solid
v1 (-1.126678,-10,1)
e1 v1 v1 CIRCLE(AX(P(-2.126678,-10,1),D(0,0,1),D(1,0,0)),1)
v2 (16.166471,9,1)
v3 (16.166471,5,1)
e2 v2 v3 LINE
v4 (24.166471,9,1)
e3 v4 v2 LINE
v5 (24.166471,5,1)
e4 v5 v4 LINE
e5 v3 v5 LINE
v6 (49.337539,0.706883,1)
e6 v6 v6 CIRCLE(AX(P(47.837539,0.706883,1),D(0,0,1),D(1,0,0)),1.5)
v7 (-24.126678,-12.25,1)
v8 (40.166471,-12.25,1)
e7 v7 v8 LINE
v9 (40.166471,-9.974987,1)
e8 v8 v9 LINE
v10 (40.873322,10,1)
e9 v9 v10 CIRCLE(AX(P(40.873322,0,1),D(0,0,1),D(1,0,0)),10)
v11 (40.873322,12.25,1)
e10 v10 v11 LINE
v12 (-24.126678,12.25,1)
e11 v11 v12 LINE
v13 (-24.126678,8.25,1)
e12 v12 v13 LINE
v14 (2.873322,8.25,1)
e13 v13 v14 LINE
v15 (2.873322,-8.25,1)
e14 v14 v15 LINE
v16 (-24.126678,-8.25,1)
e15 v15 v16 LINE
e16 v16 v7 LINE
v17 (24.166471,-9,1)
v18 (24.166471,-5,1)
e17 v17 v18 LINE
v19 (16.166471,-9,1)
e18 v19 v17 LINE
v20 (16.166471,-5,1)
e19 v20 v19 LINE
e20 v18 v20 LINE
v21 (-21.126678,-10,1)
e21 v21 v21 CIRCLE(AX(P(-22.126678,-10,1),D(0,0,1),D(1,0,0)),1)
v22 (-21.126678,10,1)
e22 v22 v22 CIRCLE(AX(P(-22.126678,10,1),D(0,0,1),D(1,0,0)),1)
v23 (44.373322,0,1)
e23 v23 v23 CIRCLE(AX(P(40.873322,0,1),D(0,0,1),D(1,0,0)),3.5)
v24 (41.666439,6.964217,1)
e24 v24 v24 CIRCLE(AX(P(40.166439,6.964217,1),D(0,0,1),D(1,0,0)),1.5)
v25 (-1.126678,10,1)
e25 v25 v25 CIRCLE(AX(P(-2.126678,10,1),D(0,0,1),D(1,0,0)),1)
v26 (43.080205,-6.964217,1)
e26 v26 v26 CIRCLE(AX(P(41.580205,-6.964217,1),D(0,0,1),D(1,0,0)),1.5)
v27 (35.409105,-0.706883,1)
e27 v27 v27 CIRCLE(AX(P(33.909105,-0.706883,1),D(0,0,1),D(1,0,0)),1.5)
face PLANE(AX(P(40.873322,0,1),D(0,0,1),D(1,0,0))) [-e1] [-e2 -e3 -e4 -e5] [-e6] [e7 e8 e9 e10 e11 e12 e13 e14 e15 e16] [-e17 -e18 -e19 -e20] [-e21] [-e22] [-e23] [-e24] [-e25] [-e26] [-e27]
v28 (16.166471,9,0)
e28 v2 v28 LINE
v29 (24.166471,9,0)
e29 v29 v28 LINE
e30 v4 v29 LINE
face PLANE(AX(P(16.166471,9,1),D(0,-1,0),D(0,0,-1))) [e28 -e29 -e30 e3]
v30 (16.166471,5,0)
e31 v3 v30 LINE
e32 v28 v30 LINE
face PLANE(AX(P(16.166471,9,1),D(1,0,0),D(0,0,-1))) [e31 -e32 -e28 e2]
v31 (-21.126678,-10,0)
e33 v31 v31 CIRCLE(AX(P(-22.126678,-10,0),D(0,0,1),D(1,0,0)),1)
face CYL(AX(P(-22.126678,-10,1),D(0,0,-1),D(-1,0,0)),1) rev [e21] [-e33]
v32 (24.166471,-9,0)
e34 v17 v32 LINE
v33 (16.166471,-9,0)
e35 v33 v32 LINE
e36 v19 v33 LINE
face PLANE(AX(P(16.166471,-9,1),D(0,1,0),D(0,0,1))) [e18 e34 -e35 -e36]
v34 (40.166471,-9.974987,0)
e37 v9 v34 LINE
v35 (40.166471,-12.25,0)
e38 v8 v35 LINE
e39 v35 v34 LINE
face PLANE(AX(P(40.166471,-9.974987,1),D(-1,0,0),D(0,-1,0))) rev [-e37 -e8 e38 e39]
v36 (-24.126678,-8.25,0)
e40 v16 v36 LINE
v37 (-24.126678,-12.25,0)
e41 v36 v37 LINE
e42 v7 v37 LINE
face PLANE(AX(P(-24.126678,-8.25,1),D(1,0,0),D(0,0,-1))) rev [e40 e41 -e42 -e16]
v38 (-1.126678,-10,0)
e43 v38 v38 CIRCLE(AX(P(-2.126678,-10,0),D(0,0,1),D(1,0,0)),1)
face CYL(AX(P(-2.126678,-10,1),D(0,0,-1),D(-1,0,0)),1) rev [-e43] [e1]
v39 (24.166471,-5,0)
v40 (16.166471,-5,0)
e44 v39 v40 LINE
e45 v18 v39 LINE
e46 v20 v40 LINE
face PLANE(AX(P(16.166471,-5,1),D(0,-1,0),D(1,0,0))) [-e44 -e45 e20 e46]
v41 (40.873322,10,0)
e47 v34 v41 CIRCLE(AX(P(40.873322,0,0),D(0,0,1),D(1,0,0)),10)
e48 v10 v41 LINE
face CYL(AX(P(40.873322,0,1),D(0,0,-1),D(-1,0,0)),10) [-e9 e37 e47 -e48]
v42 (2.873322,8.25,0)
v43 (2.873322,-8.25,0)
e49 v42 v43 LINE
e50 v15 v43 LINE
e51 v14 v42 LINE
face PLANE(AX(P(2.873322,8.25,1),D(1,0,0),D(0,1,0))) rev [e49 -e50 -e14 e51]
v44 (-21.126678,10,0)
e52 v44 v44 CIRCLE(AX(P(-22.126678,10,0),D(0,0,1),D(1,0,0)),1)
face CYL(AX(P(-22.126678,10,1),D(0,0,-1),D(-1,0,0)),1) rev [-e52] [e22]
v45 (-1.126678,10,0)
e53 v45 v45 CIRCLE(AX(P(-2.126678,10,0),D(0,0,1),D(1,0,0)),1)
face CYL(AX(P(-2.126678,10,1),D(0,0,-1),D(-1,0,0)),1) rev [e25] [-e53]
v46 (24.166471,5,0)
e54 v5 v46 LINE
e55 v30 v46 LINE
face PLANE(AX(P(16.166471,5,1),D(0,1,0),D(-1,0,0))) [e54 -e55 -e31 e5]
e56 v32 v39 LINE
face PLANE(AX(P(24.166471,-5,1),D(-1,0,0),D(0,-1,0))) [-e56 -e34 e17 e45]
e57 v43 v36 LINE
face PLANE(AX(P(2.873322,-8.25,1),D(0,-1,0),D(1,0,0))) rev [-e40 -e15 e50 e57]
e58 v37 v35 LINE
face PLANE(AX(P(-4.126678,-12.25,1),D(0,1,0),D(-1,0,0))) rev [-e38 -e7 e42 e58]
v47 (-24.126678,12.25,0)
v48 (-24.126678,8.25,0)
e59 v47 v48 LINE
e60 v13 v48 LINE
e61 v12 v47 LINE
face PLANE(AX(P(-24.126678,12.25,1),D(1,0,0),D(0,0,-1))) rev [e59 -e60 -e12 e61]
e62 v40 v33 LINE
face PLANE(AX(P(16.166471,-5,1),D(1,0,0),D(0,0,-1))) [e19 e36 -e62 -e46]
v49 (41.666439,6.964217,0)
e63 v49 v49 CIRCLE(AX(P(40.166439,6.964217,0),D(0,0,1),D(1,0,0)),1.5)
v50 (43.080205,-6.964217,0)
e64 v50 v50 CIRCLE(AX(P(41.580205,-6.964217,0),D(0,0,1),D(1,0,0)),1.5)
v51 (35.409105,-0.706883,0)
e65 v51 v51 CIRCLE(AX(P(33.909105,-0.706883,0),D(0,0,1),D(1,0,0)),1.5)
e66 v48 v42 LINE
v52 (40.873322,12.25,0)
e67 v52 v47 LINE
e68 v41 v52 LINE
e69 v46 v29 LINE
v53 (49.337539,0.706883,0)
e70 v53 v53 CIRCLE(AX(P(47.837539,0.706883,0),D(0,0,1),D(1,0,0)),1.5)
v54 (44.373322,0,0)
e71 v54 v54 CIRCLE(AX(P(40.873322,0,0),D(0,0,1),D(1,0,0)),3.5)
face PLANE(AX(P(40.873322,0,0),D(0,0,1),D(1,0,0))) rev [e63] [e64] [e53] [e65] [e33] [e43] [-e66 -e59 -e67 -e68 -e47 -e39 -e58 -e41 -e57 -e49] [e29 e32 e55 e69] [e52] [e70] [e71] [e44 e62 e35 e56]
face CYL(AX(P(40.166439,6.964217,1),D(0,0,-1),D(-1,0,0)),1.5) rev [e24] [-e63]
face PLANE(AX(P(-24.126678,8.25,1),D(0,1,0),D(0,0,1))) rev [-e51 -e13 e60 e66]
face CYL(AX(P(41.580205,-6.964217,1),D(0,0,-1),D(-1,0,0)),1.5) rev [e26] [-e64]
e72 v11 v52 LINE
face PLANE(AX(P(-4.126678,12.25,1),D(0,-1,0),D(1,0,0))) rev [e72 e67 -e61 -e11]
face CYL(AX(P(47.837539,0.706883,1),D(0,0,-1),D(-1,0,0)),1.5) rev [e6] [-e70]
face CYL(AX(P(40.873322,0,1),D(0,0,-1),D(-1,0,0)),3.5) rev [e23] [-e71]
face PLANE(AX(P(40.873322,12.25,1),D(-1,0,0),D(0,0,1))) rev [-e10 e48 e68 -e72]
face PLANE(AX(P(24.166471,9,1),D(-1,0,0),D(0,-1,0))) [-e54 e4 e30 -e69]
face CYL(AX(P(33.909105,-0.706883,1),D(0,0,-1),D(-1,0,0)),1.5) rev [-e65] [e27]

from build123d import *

# Parameters (mm, degrees)
SKETCH1_R           = 1.5
SKETCH1_R_2         = 3.5
SKETCH1_R_3         = 1
SKETCH1_W           = 8
SKETCH1_H           = 4
BOSS_EXTRUDE1_DEPTH = 1


with BuildPart() as part:
    # Sketch1 → Boss-Extrude1 (new body)
    with BuildSketch(Plane.XY):
        with BuildLine():
            Line((-4.12667801, 12.25), (5.87332199, 12.25))
            Line((5.87332199, 12.25), (40.87332199, 12.25))
            Line((40.87332199, 12.25), (40.87332199, 10))
            ThreePointArc((40.87332199, 10), (50.867066736, -0.353646663), (40.166471095, -9.974986808))
            Line((40.166471095, -9.974986808), (40.166471095, -12.25))
            Line((40.166471095, -12.25), (5.87332199, -12.25))
            Line((5.87332199, -12.25), (-4.12667801, -12.25))
            Line((-4.12667801, -12.25), (-24.12667801, -12.25))
            Line((-24.12667801, -12.25), (-24.12667801, -8.25))
            Line((-24.12667801, -8.25), (2.87332199, -8.25))
            Line((2.87332199, -8.25), (2.87332199, 8.25))
            Line((2.87332199, 8.25), (-24.12667801, 8.25))
            Line((-24.12667801, 8.25), (-24.12667801, 12.25))
            Line((-24.12667801, 12.25), (-4.12667801, 12.25))
        make_face()
        with Locations((40.166439084, 6.964216866)):
            Circle(SKETCH1_R, mode=Mode.SUBTRACT)
        with Locations((47.837538856, 0.706882906)):
            Circle(SKETCH1_R, mode=Mode.SUBTRACT)
        with Locations((41.580204896, -6.964216866)):
            Circle(SKETCH1_R, mode=Mode.SUBTRACT)
        with Locations((33.909105124, -0.706882906)):
            Circle(SKETCH1_R, mode=Mode.SUBTRACT)
        with Locations((40.87332199, 0)):
            Circle(SKETCH1_R_2, mode=Mode.SUBTRACT)
        with Locations((-2.12667801, 10)):
            Circle(SKETCH1_R_3, mode=Mode.SUBTRACT)
        with Locations((-2.12667801, -10)):
            Circle(SKETCH1_R_3, mode=Mode.SUBTRACT)
        with Locations((-22.12667801, 10)):
            Circle(SKETCH1_R_3, mode=Mode.SUBTRACT)
        with Locations((-22.12667801, -10)):
            Circle(SKETCH1_R_3, mode=Mode.SUBTRACT)
        with Locations((20.166471095, 7)):
            Rectangle(SKETCH1_W, SKETCH1_H, mode=Mode.SUBTRACT)
        with Locations((20.166471095, -7)):
            Rectangle(SKETCH1_W, SKETCH1_H, mode=Mode.SUBTRACT)
    extrude(amount=BOSS_EXTRUDE1_DEPTH)


solid = part.part
